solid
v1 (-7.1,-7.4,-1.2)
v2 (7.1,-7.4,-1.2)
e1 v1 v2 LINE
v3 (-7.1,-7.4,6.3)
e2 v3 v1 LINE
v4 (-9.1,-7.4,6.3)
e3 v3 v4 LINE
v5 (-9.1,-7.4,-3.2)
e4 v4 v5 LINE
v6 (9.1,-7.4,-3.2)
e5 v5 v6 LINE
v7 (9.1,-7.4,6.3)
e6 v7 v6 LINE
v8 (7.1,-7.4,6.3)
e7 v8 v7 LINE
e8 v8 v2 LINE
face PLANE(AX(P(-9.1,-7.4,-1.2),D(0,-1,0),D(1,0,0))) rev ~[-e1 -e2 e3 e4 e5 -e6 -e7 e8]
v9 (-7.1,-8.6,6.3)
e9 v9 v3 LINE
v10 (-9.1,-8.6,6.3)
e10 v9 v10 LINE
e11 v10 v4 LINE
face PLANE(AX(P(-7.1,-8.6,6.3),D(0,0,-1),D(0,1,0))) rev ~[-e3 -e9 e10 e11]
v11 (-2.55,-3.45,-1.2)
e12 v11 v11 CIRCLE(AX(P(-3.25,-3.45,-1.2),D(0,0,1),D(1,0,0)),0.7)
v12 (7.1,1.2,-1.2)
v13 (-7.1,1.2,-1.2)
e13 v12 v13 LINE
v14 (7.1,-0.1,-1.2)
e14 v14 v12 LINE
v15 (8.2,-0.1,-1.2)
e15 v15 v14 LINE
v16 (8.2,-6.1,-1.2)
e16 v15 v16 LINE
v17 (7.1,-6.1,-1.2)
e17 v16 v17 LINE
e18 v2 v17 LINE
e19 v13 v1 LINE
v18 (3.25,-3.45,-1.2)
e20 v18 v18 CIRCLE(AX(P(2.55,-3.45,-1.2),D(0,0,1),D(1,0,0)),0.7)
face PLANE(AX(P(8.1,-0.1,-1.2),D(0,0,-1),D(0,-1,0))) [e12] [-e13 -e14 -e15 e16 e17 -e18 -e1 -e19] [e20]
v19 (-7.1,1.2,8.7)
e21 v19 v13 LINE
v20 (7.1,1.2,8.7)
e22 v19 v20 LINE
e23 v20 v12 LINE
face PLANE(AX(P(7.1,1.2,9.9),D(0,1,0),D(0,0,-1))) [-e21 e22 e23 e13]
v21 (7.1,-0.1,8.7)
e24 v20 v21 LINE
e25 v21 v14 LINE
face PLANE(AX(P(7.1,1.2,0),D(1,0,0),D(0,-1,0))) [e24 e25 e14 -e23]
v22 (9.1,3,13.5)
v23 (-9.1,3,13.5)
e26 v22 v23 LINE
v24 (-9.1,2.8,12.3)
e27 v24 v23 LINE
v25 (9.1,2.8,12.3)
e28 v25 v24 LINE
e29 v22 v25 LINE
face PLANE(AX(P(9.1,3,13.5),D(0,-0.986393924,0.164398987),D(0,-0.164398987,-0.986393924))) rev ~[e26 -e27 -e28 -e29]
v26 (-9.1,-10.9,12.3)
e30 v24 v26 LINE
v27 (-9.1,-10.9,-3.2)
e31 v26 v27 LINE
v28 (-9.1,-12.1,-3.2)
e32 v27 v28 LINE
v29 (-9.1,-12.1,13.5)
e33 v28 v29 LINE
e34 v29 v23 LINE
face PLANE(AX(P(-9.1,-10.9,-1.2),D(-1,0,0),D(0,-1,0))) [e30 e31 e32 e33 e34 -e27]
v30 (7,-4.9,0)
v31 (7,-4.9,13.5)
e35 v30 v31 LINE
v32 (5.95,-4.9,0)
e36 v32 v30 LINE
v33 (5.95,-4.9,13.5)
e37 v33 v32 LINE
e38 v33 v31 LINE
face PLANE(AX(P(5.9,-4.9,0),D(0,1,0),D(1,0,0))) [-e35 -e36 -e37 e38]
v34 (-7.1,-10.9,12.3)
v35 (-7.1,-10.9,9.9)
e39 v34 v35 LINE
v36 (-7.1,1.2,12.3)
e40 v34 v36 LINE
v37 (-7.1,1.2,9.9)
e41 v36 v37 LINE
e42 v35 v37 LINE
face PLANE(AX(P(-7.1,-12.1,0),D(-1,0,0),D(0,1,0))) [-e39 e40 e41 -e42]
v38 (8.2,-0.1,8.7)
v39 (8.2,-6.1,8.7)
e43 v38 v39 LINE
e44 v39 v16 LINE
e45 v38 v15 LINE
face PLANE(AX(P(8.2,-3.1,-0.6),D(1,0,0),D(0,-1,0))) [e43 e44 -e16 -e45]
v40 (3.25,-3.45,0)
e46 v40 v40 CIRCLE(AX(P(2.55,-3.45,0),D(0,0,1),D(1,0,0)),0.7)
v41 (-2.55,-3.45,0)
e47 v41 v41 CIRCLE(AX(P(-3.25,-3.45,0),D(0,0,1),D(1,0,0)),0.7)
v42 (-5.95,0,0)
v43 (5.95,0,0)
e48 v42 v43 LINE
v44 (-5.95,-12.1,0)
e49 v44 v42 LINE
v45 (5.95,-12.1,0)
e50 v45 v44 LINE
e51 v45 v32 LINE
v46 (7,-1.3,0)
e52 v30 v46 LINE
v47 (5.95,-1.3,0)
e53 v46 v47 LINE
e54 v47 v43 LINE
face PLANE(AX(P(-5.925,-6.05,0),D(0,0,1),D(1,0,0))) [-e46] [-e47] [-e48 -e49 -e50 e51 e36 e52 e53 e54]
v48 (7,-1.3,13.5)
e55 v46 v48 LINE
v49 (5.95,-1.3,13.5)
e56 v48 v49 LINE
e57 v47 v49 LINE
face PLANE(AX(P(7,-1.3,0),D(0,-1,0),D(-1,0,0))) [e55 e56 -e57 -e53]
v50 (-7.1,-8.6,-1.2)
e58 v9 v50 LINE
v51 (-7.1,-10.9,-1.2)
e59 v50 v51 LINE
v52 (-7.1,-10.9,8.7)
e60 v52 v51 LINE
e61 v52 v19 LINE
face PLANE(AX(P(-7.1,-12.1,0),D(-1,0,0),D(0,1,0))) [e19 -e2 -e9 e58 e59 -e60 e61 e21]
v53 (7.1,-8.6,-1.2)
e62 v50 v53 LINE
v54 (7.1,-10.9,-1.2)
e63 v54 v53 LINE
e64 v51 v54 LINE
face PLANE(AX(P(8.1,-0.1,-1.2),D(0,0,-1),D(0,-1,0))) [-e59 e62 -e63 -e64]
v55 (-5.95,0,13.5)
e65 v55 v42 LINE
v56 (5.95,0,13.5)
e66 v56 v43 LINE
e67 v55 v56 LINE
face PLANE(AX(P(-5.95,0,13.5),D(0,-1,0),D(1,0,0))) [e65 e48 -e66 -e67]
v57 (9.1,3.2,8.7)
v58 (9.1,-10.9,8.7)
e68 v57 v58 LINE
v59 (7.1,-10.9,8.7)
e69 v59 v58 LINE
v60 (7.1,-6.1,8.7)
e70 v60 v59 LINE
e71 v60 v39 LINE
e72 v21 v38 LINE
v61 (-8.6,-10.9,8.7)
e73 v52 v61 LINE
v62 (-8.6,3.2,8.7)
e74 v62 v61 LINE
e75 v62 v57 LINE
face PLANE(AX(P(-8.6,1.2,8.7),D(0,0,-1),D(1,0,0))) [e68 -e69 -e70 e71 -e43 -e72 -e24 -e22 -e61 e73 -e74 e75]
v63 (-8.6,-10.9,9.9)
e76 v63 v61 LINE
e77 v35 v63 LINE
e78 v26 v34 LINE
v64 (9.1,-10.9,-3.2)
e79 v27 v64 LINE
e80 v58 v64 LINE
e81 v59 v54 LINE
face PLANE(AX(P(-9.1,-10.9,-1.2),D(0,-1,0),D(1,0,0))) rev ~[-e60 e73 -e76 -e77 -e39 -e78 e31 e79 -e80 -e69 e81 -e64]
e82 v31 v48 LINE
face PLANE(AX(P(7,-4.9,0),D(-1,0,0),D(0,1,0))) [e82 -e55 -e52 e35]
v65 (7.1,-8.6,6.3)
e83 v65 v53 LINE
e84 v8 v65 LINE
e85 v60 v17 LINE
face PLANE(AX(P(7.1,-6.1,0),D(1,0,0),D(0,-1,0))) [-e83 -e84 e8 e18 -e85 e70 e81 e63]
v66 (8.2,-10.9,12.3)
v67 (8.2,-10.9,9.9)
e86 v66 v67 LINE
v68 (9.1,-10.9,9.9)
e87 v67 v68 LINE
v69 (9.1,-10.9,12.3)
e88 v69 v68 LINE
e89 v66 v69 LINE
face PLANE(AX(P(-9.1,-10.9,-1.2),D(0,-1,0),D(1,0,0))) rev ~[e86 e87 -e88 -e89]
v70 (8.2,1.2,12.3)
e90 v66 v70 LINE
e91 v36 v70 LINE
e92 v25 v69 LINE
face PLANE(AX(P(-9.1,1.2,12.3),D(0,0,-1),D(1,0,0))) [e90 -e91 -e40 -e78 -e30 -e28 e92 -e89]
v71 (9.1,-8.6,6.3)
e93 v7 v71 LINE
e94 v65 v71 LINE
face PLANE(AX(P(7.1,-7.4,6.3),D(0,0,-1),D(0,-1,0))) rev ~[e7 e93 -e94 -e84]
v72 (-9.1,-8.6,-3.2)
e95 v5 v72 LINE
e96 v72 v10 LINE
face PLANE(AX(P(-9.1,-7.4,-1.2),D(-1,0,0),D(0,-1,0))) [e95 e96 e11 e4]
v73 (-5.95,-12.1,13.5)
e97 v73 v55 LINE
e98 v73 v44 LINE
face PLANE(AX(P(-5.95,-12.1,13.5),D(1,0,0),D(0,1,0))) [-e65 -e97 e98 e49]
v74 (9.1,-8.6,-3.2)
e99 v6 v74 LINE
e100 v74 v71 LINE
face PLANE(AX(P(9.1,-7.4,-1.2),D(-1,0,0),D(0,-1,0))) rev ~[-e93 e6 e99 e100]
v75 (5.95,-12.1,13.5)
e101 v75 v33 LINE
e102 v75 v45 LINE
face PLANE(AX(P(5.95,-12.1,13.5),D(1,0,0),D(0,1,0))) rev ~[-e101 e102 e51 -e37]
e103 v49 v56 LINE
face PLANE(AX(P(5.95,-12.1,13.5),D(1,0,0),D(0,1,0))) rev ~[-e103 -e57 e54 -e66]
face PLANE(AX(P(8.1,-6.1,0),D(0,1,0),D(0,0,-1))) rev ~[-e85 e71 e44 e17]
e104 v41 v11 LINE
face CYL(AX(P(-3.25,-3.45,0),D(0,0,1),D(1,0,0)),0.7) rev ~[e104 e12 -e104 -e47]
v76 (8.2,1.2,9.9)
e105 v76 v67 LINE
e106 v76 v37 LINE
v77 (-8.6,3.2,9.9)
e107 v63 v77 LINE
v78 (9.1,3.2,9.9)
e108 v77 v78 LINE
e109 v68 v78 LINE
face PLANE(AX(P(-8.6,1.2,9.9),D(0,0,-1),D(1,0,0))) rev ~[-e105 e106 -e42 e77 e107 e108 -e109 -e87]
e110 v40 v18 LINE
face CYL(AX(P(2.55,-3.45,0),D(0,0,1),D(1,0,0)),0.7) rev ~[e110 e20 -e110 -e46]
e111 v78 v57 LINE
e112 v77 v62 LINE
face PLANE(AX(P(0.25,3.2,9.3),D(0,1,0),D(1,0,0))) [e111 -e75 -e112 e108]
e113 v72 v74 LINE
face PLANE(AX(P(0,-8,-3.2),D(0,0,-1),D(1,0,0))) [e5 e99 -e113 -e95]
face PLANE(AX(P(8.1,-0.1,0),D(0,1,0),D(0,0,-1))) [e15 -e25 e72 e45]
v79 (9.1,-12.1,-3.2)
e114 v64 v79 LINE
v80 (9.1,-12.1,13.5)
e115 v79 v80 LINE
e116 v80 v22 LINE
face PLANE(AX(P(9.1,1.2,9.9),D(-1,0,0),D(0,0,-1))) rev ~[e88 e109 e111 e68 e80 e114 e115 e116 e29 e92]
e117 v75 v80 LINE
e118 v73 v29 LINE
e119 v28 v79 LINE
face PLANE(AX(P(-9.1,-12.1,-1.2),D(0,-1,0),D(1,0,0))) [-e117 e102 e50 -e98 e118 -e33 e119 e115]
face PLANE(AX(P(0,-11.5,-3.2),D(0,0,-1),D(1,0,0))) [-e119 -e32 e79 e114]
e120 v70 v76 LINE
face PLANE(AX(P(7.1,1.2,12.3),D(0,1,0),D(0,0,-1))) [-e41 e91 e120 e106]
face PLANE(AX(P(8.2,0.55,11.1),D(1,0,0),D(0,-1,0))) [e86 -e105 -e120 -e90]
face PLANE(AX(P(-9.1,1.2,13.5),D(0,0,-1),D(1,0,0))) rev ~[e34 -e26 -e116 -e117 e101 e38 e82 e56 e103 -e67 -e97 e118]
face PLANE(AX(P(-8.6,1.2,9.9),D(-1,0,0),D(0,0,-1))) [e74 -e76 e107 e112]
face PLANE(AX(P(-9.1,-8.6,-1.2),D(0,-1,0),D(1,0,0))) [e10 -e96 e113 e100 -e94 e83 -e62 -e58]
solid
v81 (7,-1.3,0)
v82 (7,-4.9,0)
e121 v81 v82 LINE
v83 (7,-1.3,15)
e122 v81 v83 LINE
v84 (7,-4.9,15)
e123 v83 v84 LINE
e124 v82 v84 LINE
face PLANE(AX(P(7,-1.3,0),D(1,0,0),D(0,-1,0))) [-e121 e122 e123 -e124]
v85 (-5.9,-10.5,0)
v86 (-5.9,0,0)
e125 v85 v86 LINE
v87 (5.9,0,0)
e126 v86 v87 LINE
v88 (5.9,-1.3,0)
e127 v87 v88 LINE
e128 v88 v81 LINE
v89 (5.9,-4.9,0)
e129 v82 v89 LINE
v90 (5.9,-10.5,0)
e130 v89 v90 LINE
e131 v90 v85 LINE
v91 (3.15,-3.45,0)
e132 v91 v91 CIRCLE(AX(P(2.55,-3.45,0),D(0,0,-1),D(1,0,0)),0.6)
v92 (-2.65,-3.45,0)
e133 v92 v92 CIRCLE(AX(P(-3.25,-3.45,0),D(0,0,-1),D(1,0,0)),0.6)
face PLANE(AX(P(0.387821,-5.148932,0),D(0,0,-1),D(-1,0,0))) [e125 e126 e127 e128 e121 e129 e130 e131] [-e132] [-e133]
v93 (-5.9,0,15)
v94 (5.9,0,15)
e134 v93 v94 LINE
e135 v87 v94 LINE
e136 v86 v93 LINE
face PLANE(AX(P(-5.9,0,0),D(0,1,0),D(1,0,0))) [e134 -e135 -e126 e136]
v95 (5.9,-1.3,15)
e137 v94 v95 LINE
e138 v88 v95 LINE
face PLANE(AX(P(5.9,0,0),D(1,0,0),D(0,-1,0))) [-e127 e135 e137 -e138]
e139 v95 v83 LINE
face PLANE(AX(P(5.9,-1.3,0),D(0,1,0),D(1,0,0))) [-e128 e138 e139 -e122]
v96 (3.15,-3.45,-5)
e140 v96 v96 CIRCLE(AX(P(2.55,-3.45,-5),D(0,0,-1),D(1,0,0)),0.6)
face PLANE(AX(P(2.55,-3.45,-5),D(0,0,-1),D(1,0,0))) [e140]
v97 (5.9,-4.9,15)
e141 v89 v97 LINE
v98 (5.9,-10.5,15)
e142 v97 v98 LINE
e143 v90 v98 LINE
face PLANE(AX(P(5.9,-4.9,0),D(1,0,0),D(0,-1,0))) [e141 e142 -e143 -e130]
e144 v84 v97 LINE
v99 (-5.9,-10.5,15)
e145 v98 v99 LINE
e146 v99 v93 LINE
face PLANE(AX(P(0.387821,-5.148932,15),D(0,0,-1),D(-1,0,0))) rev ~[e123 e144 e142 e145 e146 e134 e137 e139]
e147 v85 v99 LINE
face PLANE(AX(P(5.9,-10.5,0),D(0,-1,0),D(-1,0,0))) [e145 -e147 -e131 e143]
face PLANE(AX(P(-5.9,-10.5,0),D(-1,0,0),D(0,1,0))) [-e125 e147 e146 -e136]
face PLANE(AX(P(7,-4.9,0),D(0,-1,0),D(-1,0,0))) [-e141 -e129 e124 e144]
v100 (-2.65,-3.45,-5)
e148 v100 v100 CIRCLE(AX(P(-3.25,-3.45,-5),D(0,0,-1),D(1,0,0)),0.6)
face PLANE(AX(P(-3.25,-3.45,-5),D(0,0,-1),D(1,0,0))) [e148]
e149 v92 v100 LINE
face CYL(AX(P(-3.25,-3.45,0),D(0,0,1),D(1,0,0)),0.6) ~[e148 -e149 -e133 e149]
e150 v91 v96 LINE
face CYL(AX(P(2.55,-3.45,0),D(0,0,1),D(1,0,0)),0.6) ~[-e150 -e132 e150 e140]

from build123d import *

# Parameters (mm, degrees)
PAD_DEPTH       = 15
SKETCH001_R     = 0.6
PAD001_DEPTH    = 5
SKETCH002_R     = 0.6
PAD002_DEPTH    = 5
PAD003_DEPTH    = 1.2
PAD004_DEPTH    = 13.5
SKETCH005_W     = 1.2
SKETCH005_H     = 14.7
PAD005_DEPTH    = 2
SKETCH006_W     = 1.2
SKETCH006_H     = 14.7
PAD006_DEPTH    = 2
PAD007_DEPTH    = 1.2
SKETCH008_W     = 2
SKETCH008_H     = 12.1
PAD008_DEPTH    = 1.2
SKETCH009_W     = 18.2
SKETCH009_H     = 1.2
PAD009_DEPTH    = 2
SKETCH010_W     = 18.2
SKETCH010_H     = 1.2
PAD010_DEPTH    = 2
SKETCH011_W     = 6
SKETCH011_H     = 1.2
PAD011_DEPTH    = 0.1
SKETCH012_W     = 1.2
SKETCH012_H     = 7.5
PAD012_DEPTH    = 2
SKETCH013_W     = 1.2
SKETCH013_H     = 7.5
PAD013_DEPTH    = 2
SKETCH014_W     = 18.2
SKETCH014_H     = 1.2
PAD014_DEPTH    = 2
SKETCH015_W     = 12.1
SKETCH015_H     = 1.2
PAD015_DEPTH    = 1.5
SKETCH016_W     = 4.8
SKETCH016_H     = 1.2
PAD016_DEPTH    = 2
SKETCH017_W     = 1.3
SKETCH017_H     = 1.2
PAD017_DEPTH    = 2
SKETCH018_W     = 6
SKETCH018_H     = 1.2
PAD018_DEPTH    = 0.9
SKETCH019_W     = 17.7
SKETCH019_H     = 1.2
PAD019_DEPTH    = 2
SKETCH020_R     = 0.6
POCKET_DEPTH    = 5
SKETCH021_R     = 0.6
POCKET001_DEPTH = 5
SKETCH022_W     = 4.8
SKETCH022_H     = 2.4
PAD020_DEPTH    = 1.1
SKETCH023_W     = 1.3
SKETCH023_H     = 2.4
PAD021_DEPTH    = 1.1
POCKET002_DEPTH = 18.201
SKETCH025_W     = 0.05
SKETCH025_H     = 12.1
POCKET003_DEPTH = 13.5
SKETCH026_W     = 0.05
SKETCH026_H     = 12.1
POCKET004_DEPTH = 13.5
SKETCH027_R     = 0.7
POCKET005_DEPTH = 5
SKETCH028_R     = 0.7
POCKET006_DEPTH = 5


with BuildPart() as stecker_und_pins:
    # Sketch → Pad (new body)
    with BuildSketch(Plane.XY):
        Polygon((-5.9, 0), (5.9, 0), (5.9, -1.3), (7, -1.3), (7, -4.9), (5.9, -4.9), (5.9, -10.5), (-5.9, -10.5), align=None)
    extrude(amount=PAD_DEPTH)

    # Sketch001 → Pad001 (new body)
    with BuildSketch(Plane(origin=(0, 0, 0), x_dir=(1, 0, 0), z_dir=(0, 0, -1))):
        with Locations((2.55, 3.45)):
            Circle(SKETCH001_R)
    extrude(amount=PAD001_DEPTH)

    # Sketch002 → Pad002 (new body)
    with BuildSketch(Plane(origin=(0, 0, 0), x_dir=(1, 0, 0), z_dir=(0, 0, -1))):
        with Locations((-3.25, 3.45)):
            Circle(SKETCH002_R)
    extrude(amount=PAD002_DEPTH)


with BuildPart() as pocket006:
    # Sketch003 → Pad003 (new body)
    with BuildSketch(Plane(origin=(0, 0, 0), x_dir=(1, 0, 0), z_dir=(0, 0, -1))):
        Polygon((-7.1, -1.2), (-7.1, 12.1), (7.1, 12.1), (7.1, 6.1), (8.1, 6.1), (8.1, 0.1), (7.1, 0.1), (7.1, -1.2), align=None)
    extrude(amount=PAD003_DEPTH)

    # Sketch004 → Pad004 (new body)
    with BuildSketch(Plane.XY):
        Polygon((-7.1, -12.1), (-7.1, 1.2), (7.1, 1.2), (7.1, -0.1), (8.2, -0.1), (8.2, -6.1), (7.1, -6.1), (7.1, -12.1), (5.9, -12.1), (5.9, -4.9), (7, -4.9), (7, -1.3), (5.9, -1.3), (5.9, 0), (-5.9, 0), (-5.9, -12.1), align=None)
    extrude(amount=PAD004_DEPTH)

    # Sketch005 → Pad005 (new body)
    with BuildSketch(Plane(origin=(7.1, 0, 0), x_dir=(0, -1, 0), z_dir=(1, 0, 0))):
        with Locations((11.5, -6.15)):
            Rectangle(SKETCH005_W, SKETCH005_H)
    extrude(amount=PAD005_DEPTH)

    # Sketch006 → Pad006 (new body)
    with BuildSketch(Plane(origin=(-7.1, 0, 0), x_dir=(0, 1, 0), z_dir=(-1, 0, 0))):
        with Locations((-11.5, -6.15)):
            Rectangle(SKETCH006_W, SKETCH006_H)
    extrude(amount=PAD006_DEPTH)

    # Sketch007 → Pad007 (new body)
    with BuildSketch(Plane.XY.offset(13.5)):
        Polygon((7.1, 1.2), (7.1, -0.1), (8.2, -0.1), (8.2, -6.1), (7.1, -6.1), (7.1, -10.9), (9.1, -10.9), (9.1, 1.2), align=None)
    extrude(amount=-PAD007_DEPTH)

    # Sketch008 → Pad008 (new body)
    with BuildSketch(Plane.XY.offset(13.5)):
        with Locations((-8.1, -4.85)):
            Rectangle(SKETCH008_W, SKETCH008_H)
    extrude(amount=-PAD008_DEPTH)

    # Sketch009 → Pad009 (new body)
    with BuildSketch(Plane(origin=(0, 1.2, 0), x_dir=(1, 0, 0), z_dir=(0, 1, 0))):
        with Locations((0, -12.9)):
            Rectangle(SKETCH009_W, SKETCH009_H)
    extrude(amount=PAD009_DEPTH)

    # Sketch010 → Pad010 (new body)
    with BuildSketch(Plane(origin=(0, 0, -1.2), x_dir=(1, 0, 0), z_dir=(0, 0, -1))):
        with Locations((0, 11.5)):
            Rectangle(SKETCH010_W, SKETCH010_H)
    extrude(amount=PAD010_DEPTH)

    # Sketch011 → Pad011 (new body)
    with BuildSketch(Plane(origin=(8.1, 0, 0), x_dir=(0, -1, 0), z_dir=(1, 0, 0))):
        with Locations((3.1, 0.6)):
            Rectangle(SKETCH011_W, SKETCH011_H)
    extrude(amount=PAD011_DEPTH)

    # Sketch012 → Pad012 (new body)
    with BuildSketch(Plane(origin=(7.1, 0, 0), x_dir=(0, -1, 0), z_dir=(1, 0, 0))):
        with Locations((8, -2.55)):
            Rectangle(SKETCH012_W, SKETCH012_H)
    extrude(amount=PAD012_DEPTH)

    # Sketch013 → Pad013 (new body)
    with BuildSketch(Plane(origin=(-7.1, 0, 0), x_dir=(0, 1, 0), z_dir=(-1, 0, 0))):
        with Locations((-8, -2.55)):
            Rectangle(SKETCH013_W, SKETCH013_H)
    extrude(amount=PAD013_DEPTH)

    # Sketch014 → Pad014 (new body)
    with BuildSketch(Plane(origin=(0, 0, -1.2), x_dir=(1, 0, 0), z_dir=(0, 0, -1))):
        with Locations((0, 8)):
            Rectangle(SKETCH014_W, SKETCH014_H)
    extrude(amount=PAD014_DEPTH)

    # Sketch015 → Pad015 (new body)
    with BuildSketch(Plane(origin=(-7.1, 0, 0), x_dir=(0, 1, 0), z_dir=(-1, 0, 0))):
        with Locations((-4.85, -9.3)):
            Rectangle(SKETCH015_W, SKETCH015_H)
    extrude(amount=PAD015_DEPTH)

    # Sketch016 → Pad016 (new body)
    with BuildSketch(Plane(origin=(7.1, 0, 0), x_dir=(0, -1, 0), z_dir=(1, 0, 0))):
        with Locations((8.5, -9.3)):
            Rectangle(SKETCH016_W, SKETCH016_H)
    extrude(amount=PAD016_DEPTH)

    # Sketch017 → Pad017 (new body)
    with BuildSketch(Plane(origin=(7.1, 0, 0), x_dir=(0, -1, 0), z_dir=(1, 0, 0))):
        with Locations((-0.55, -9.3)):
            Rectangle(SKETCH017_W, SKETCH017_H)
    extrude(amount=PAD017_DEPTH)

    # Sketch018 → Pad018 (new body)
    with BuildSketch(Plane(origin=(8.2, 0, 0), x_dir=(0, -1, 0), z_dir=(1, 0, 0))):
        with Locations((3.1, -9.3)):
            Rectangle(SKETCH018_W, SKETCH018_H)
    extrude(amount=PAD018_DEPTH)

    # Sketch019 → Pad019 (new body)
    with BuildSketch(Plane(origin=(0, 1.2, 0), x_dir=(1, 0, 0), z_dir=(0, 1, 0))):
        with Locations((0.25, -9.3)):
            Rectangle(SKETCH019_W, SKETCH019_H)
    extrude(amount=PAD019_DEPTH)

    # Sketch020 → Pocket (cut)
    with BuildSketch(Plane(origin=(0, 0, -1.2), x_dir=(1, 0, 0), z_dir=(0, 0, -1))):
        with Locations((-3.25, 3.45)):
            Circle(SKETCH020_R)
    extrude(amount=-POCKET_DEPTH, mode=Mode.SUBTRACT)

    # Sketch021 → Pocket001 (cut)
    with BuildSketch(Plane(origin=(0, 0, -1.2), x_dir=(1, 0, 0), z_dir=(0, 0, -1))):
        with Locations((2.55, 3.45)):
            Circle(SKETCH021_R)
    extrude(amount=-POCKET001_DEPTH, mode=Mode.SUBTRACT)

    # Sketch022 → Pad020 (new body)
    with BuildSketch(Plane(origin=(7.1, 0, 0), x_dir=(0, -1, 0), z_dir=(1, 0, 0))):
        with Locations((8.5, -11.1)):
            Rectangle(SKETCH022_W, SKETCH022_H)
    extrude(amount=PAD020_DEPTH)

    # Sketch023 → Pad021 (new body)
    with BuildSketch(Plane(origin=(7.1, 0, 0), x_dir=(0, -1, 0), z_dir=(1, 0, 0))):
        with Locations((-0.55, -11.1)):
            Rectangle(SKETCH023_W, SKETCH023_H)
    extrude(amount=PAD021_DEPTH)

    # Sketch024 → Pocket002 (cut, through all)
    with BuildSketch(Plane(origin=(9.1, 0, 0), x_dir=(0, -1, 0), z_dir=(1, 0, 0))):
        Polygon((-3.2, -13.5), (-3, -13.5), (-2.8, -12.3), (-3.2, -12.3), align=None)
    extrude(amount=-POCKET002_DEPTH, mode=Mode.SUBTRACT)

    # Sketch025 → Pocket003 (cut)
    with BuildSketch(Plane.XY.offset(13.5)):
        with Locations((5.925, -6.05)):
            Rectangle(SKETCH025_W, SKETCH025_H)
    extrude(amount=-POCKET003_DEPTH, mode=Mode.SUBTRACT)

    # Sketch026 → Pocket004 (cut)
    with BuildSketch(Plane.XY.offset(13.5)):
        with Locations((-5.925, -6.05)):
            Rectangle(SKETCH026_W, SKETCH026_H)
    extrude(amount=-POCKET004_DEPTH, mode=Mode.SUBTRACT)

    # Sketch027 → Pocket005 (cut)
    with BuildSketch(Plane.XY):
        with Locations((2.55, -3.45)):
            Circle(SKETCH027_R)
    extrude(amount=-POCKET005_DEPTH, mode=Mode.SUBTRACT)

    # Sketch028 → Pocket006 (cut)
    with BuildSketch(Plane.XY):
        with Locations((-3.25, -3.45)):
            Circle(SKETCH028_R)
    extrude(amount=-POCKET006_DEPTH, mode=Mode.SUBTRACT)


solid = Compound([stecker_und_pins.part, pocket006.part])
